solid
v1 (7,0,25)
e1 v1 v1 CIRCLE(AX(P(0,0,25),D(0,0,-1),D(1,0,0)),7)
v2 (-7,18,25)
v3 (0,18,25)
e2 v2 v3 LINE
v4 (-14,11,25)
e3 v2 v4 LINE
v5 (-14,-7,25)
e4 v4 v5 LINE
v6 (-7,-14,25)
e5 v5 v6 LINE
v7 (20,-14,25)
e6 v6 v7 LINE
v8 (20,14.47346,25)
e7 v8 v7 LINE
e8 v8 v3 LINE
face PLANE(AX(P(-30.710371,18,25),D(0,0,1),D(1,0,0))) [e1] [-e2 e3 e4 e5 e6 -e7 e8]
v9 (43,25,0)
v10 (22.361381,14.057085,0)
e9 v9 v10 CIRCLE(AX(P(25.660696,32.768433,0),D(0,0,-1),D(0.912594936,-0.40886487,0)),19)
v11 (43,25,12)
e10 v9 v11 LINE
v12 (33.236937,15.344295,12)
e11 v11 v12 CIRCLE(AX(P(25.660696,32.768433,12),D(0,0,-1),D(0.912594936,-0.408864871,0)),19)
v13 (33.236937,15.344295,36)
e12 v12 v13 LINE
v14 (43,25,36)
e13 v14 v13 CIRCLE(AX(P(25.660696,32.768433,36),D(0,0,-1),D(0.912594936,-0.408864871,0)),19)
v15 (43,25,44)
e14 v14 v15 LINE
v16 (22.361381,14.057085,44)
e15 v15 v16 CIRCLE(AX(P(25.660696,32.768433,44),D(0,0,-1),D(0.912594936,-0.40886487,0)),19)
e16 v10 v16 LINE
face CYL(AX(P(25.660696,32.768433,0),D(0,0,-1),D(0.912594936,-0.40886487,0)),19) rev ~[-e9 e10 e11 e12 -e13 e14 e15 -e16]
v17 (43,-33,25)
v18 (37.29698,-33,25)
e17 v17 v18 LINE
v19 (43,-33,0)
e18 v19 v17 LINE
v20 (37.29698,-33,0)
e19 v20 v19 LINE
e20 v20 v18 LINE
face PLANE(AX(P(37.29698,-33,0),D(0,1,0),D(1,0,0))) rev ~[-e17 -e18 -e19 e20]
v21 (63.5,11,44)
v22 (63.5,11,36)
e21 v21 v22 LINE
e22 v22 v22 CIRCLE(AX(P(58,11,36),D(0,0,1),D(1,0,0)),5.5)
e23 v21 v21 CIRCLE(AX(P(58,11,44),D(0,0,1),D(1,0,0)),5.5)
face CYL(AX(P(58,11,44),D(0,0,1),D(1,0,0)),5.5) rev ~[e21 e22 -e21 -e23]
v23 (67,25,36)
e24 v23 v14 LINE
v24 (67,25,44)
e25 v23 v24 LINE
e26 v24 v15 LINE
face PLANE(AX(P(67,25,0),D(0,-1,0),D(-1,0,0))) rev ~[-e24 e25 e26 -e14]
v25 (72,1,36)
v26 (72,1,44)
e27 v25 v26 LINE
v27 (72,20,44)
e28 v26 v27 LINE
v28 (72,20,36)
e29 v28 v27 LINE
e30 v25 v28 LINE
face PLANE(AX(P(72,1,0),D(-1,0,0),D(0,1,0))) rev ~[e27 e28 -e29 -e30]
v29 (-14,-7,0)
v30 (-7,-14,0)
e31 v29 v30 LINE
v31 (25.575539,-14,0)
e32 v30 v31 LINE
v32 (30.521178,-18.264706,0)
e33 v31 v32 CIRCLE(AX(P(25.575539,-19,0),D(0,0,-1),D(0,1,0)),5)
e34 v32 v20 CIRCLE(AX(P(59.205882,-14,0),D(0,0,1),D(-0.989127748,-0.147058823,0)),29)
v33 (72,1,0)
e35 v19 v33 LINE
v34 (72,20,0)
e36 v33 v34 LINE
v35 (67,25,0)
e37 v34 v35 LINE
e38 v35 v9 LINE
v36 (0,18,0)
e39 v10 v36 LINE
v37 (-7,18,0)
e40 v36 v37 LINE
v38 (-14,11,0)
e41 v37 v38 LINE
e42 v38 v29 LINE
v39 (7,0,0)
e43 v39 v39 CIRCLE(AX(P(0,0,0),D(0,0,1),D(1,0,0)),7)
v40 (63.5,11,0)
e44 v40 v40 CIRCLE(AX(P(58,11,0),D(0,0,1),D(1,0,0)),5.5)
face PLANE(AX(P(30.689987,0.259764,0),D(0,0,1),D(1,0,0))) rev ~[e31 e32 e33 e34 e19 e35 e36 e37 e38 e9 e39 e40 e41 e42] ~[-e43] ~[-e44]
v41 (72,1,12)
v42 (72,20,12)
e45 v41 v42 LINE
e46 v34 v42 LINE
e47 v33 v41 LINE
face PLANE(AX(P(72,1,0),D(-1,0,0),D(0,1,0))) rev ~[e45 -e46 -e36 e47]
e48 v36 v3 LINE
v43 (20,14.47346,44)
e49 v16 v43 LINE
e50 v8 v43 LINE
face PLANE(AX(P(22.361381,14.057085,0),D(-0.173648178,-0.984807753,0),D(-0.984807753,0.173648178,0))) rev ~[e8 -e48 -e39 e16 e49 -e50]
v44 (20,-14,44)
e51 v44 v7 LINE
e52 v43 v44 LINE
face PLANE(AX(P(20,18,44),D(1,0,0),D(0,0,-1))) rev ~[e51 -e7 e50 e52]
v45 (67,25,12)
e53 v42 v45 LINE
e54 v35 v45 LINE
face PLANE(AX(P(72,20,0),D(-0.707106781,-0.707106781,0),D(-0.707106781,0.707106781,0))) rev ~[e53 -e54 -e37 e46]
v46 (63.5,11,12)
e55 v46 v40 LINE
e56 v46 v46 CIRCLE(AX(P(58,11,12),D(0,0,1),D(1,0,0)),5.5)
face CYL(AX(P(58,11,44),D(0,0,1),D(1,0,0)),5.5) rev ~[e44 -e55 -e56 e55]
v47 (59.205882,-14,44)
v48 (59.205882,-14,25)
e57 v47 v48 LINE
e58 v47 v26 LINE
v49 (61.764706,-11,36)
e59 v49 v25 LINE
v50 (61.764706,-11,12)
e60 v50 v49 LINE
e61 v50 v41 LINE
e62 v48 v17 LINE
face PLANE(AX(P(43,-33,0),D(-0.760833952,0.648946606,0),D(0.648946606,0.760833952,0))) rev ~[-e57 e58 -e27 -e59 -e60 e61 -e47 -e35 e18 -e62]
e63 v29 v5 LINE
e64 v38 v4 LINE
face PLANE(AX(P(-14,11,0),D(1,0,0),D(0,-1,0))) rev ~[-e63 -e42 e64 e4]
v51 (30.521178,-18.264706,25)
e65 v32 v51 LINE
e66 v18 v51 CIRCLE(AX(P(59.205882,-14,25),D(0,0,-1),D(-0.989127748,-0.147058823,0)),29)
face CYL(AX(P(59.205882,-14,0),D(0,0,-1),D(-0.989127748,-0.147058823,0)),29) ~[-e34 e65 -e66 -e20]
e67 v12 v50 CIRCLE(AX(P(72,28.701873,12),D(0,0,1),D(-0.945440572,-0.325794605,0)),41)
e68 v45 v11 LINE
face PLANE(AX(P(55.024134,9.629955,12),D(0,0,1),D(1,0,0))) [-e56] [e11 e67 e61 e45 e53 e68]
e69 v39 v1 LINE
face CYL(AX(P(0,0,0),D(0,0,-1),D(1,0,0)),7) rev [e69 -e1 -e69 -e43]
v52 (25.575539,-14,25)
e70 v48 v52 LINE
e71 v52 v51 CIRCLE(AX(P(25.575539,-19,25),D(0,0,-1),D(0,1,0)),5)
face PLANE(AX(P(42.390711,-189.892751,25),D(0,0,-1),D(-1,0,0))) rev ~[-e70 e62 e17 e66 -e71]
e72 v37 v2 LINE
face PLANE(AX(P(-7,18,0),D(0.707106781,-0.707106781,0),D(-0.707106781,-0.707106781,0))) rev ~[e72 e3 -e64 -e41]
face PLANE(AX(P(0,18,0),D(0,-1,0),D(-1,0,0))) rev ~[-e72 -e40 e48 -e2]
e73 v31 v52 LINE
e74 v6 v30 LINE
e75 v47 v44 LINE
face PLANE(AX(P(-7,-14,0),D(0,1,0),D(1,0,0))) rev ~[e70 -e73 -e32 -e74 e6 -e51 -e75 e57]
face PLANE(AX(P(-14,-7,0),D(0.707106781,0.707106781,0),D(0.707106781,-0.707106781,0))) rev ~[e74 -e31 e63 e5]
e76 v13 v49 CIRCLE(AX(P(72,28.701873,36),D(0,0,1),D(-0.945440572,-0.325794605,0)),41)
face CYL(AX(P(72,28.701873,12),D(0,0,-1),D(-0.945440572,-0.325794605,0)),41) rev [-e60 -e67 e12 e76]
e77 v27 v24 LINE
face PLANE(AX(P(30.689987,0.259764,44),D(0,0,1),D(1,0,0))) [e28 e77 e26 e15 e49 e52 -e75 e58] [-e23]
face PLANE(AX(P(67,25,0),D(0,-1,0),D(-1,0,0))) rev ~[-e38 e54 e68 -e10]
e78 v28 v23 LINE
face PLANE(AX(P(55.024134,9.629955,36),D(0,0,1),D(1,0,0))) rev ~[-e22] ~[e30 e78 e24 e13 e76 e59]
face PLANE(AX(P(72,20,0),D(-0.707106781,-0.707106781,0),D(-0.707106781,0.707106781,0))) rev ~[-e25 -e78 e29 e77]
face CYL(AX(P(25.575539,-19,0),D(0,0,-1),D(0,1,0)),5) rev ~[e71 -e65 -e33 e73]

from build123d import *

# Parameters (mm, degrees)
SKETCH1_R               = 7
BOSS_EXTRUDE1_DEPTH     = 44
SKETCH1_2_R             = 7
BOSS_EXTRUDE2_DEPTH     = 44
CUT_EXTRUDE1_DEPTH      = 1
CUT_EXTRUDE1_DEPTH_BACK = 19
SKETCH4_W               = 50.710370583
SKETCH4_H               = 19
CUT_EXTRUDE2_DEPTH      = 52
SKETCH5_R               = 5.5
CUT_EXTRUDE3_DEPTH      = 45
CUT_EXTRUDE4_DEPTH      = 24


with BuildPart() as part:
    # Sketch1 → Boss-Extrude1 (new body)
    with BuildSketch(Plane.XY):
        with BuildLine():
            Line((-7, -14), (25.575538911, -14))
            ThreePointArc((25.575538911, -14), (28.840774692, -15.213413768), (30.521177653, -18.264705882))
            ThreePointArc((30.521177653, -18.264705882), (32.858007856, -26.115672061), (37.296980053, -33))
            Line((37.296980053, -33), (43, -33))
            Line((43, -33), (72, 1))
            Line((72, 1), (72, 20))
            Line((72, 20), (67, 25))
            Line((67, 25), (43, 25))
            ThreePointArc((43, 25), (34.561098706, 15.982044142), (22.361380836, 14.057085233))
            Line((22.361380836, 14.057085233), (0, 18))
            Line((0, 18), (-7, 18))
            Line((-7, 18), (-14, 11))
            Line((-14, 11), (-14, -7))
            Line((-14, -7), (-7, -14))
        make_face()
        Circle(SKETCH1_R, mode=Mode.SUBTRACT)
    extrude(amount=BOSS_EXTRUDE1_DEPTH)

    # Sketch1_2 → Boss-Extrude2 (add)
    with BuildSketch(Plane.XY):
        with BuildLine():
            Line((-7, -14), (25.575538911, -14))
            ThreePointArc((25.575538911, -14), (28.840774692, -15.213413768), (30.521177653, -18.264705882))
            ThreePointArc((30.521177653, -18.264705882), (32.858007856, -26.115672061), (37.296980053, -33))
            Line((37.296980053, -33), (43, -33))
            Line((43, -33), (72, 1))
            Line((72, 1), (72, 20))
            Line((72, 20), (67, 25))
            Line((67, 25), (43, 25))
            ThreePointArc((43, 25), (34.561098706, 15.982044142), (22.361380836, 14.057085233))
            Line((22.361380836, 14.057085233), (0, 18))
            Line((0, 18), (-7, 18))
            Line((-7, 18), (-14, 11))
            Line((-14, 11), (-14, -7))
            Line((-14, -7), (-7, -14))
        make_face()
        Circle(SKETCH1_2_R, mode=Mode.SUBTRACT)
    extrude(amount=BOSS_EXTRUDE2_DEPTH)

    # Sketch3 → Cut-Extrude1 (cut, two sides)
    with BuildSketch(Plane.XY.offset(44)) as cut_extrude1_sk:
        Polygon((-150.317212119, -14), (25.575538911, -14), (59.205882353, -14), (235.098633383, -14), (235.098633383, -365.78550206), (-150.317212119, -365.78550206), align=None)
    extrude(amount=CUT_EXTRUDE1_DEPTH, mode=Mode.SUBTRACT)
    extrude(cut_extrude1_sk.sketch, amount=-CUT_EXTRUDE1_DEPTH_BACK, mode=Mode.SUBTRACT)

    # Sketch4 → Cut-Extrude2 (cut, through all)
    with BuildSketch(Plane(origin=(0, 18, 0), x_dir=(1, 0, 0), z_dir=(0, 1, 0))):
        with Locations((-5.355185292, -34.5)):
            Rectangle(SKETCH4_W, SKETCH4_H)
    extrude(amount=-CUT_EXTRUDE2_DEPTH, mode=Mode.SUBTRACT)

    # Sketch5 → Cut-Extrude3 (cut, through all)
    with BuildSketch(Plane.XY.offset(44)):
        with Locations((58, 11)):
            Circle(SKETCH5_R)
    extrude(amount=-CUT_EXTRUDE3_DEPTH, mode=Mode.SUBTRACT)

    # Sketch9 → Cut-Extrude4 (cut)
    with BuildSketch(Plane(origin=(0, 0, 12), x_dir=(-1, 0, 0), z_dir=(0, 0, -1))):
        with BuildLine():
            Line((-72, 20), (-67, 25))
            Line((-67, 25), (-43, 25))
            ThreePointArc((-43, 25), (-39.021244343, 19.259333621), (-33.236936549, 15.344294617))
            ThreePointArc((-33.236936549, 15.344294617), (-44.184262982, -1.419294771), (-61.764705882, -11))
            Line((-61.764705882, -11), (-72, 1))
            Line((-72, 1), (-72, 20))
        make_face()
    extrude(amount=-CUT_EXTRUDE4_DEPTH, mode=Mode.SUBTRACT)


solid = part.part
